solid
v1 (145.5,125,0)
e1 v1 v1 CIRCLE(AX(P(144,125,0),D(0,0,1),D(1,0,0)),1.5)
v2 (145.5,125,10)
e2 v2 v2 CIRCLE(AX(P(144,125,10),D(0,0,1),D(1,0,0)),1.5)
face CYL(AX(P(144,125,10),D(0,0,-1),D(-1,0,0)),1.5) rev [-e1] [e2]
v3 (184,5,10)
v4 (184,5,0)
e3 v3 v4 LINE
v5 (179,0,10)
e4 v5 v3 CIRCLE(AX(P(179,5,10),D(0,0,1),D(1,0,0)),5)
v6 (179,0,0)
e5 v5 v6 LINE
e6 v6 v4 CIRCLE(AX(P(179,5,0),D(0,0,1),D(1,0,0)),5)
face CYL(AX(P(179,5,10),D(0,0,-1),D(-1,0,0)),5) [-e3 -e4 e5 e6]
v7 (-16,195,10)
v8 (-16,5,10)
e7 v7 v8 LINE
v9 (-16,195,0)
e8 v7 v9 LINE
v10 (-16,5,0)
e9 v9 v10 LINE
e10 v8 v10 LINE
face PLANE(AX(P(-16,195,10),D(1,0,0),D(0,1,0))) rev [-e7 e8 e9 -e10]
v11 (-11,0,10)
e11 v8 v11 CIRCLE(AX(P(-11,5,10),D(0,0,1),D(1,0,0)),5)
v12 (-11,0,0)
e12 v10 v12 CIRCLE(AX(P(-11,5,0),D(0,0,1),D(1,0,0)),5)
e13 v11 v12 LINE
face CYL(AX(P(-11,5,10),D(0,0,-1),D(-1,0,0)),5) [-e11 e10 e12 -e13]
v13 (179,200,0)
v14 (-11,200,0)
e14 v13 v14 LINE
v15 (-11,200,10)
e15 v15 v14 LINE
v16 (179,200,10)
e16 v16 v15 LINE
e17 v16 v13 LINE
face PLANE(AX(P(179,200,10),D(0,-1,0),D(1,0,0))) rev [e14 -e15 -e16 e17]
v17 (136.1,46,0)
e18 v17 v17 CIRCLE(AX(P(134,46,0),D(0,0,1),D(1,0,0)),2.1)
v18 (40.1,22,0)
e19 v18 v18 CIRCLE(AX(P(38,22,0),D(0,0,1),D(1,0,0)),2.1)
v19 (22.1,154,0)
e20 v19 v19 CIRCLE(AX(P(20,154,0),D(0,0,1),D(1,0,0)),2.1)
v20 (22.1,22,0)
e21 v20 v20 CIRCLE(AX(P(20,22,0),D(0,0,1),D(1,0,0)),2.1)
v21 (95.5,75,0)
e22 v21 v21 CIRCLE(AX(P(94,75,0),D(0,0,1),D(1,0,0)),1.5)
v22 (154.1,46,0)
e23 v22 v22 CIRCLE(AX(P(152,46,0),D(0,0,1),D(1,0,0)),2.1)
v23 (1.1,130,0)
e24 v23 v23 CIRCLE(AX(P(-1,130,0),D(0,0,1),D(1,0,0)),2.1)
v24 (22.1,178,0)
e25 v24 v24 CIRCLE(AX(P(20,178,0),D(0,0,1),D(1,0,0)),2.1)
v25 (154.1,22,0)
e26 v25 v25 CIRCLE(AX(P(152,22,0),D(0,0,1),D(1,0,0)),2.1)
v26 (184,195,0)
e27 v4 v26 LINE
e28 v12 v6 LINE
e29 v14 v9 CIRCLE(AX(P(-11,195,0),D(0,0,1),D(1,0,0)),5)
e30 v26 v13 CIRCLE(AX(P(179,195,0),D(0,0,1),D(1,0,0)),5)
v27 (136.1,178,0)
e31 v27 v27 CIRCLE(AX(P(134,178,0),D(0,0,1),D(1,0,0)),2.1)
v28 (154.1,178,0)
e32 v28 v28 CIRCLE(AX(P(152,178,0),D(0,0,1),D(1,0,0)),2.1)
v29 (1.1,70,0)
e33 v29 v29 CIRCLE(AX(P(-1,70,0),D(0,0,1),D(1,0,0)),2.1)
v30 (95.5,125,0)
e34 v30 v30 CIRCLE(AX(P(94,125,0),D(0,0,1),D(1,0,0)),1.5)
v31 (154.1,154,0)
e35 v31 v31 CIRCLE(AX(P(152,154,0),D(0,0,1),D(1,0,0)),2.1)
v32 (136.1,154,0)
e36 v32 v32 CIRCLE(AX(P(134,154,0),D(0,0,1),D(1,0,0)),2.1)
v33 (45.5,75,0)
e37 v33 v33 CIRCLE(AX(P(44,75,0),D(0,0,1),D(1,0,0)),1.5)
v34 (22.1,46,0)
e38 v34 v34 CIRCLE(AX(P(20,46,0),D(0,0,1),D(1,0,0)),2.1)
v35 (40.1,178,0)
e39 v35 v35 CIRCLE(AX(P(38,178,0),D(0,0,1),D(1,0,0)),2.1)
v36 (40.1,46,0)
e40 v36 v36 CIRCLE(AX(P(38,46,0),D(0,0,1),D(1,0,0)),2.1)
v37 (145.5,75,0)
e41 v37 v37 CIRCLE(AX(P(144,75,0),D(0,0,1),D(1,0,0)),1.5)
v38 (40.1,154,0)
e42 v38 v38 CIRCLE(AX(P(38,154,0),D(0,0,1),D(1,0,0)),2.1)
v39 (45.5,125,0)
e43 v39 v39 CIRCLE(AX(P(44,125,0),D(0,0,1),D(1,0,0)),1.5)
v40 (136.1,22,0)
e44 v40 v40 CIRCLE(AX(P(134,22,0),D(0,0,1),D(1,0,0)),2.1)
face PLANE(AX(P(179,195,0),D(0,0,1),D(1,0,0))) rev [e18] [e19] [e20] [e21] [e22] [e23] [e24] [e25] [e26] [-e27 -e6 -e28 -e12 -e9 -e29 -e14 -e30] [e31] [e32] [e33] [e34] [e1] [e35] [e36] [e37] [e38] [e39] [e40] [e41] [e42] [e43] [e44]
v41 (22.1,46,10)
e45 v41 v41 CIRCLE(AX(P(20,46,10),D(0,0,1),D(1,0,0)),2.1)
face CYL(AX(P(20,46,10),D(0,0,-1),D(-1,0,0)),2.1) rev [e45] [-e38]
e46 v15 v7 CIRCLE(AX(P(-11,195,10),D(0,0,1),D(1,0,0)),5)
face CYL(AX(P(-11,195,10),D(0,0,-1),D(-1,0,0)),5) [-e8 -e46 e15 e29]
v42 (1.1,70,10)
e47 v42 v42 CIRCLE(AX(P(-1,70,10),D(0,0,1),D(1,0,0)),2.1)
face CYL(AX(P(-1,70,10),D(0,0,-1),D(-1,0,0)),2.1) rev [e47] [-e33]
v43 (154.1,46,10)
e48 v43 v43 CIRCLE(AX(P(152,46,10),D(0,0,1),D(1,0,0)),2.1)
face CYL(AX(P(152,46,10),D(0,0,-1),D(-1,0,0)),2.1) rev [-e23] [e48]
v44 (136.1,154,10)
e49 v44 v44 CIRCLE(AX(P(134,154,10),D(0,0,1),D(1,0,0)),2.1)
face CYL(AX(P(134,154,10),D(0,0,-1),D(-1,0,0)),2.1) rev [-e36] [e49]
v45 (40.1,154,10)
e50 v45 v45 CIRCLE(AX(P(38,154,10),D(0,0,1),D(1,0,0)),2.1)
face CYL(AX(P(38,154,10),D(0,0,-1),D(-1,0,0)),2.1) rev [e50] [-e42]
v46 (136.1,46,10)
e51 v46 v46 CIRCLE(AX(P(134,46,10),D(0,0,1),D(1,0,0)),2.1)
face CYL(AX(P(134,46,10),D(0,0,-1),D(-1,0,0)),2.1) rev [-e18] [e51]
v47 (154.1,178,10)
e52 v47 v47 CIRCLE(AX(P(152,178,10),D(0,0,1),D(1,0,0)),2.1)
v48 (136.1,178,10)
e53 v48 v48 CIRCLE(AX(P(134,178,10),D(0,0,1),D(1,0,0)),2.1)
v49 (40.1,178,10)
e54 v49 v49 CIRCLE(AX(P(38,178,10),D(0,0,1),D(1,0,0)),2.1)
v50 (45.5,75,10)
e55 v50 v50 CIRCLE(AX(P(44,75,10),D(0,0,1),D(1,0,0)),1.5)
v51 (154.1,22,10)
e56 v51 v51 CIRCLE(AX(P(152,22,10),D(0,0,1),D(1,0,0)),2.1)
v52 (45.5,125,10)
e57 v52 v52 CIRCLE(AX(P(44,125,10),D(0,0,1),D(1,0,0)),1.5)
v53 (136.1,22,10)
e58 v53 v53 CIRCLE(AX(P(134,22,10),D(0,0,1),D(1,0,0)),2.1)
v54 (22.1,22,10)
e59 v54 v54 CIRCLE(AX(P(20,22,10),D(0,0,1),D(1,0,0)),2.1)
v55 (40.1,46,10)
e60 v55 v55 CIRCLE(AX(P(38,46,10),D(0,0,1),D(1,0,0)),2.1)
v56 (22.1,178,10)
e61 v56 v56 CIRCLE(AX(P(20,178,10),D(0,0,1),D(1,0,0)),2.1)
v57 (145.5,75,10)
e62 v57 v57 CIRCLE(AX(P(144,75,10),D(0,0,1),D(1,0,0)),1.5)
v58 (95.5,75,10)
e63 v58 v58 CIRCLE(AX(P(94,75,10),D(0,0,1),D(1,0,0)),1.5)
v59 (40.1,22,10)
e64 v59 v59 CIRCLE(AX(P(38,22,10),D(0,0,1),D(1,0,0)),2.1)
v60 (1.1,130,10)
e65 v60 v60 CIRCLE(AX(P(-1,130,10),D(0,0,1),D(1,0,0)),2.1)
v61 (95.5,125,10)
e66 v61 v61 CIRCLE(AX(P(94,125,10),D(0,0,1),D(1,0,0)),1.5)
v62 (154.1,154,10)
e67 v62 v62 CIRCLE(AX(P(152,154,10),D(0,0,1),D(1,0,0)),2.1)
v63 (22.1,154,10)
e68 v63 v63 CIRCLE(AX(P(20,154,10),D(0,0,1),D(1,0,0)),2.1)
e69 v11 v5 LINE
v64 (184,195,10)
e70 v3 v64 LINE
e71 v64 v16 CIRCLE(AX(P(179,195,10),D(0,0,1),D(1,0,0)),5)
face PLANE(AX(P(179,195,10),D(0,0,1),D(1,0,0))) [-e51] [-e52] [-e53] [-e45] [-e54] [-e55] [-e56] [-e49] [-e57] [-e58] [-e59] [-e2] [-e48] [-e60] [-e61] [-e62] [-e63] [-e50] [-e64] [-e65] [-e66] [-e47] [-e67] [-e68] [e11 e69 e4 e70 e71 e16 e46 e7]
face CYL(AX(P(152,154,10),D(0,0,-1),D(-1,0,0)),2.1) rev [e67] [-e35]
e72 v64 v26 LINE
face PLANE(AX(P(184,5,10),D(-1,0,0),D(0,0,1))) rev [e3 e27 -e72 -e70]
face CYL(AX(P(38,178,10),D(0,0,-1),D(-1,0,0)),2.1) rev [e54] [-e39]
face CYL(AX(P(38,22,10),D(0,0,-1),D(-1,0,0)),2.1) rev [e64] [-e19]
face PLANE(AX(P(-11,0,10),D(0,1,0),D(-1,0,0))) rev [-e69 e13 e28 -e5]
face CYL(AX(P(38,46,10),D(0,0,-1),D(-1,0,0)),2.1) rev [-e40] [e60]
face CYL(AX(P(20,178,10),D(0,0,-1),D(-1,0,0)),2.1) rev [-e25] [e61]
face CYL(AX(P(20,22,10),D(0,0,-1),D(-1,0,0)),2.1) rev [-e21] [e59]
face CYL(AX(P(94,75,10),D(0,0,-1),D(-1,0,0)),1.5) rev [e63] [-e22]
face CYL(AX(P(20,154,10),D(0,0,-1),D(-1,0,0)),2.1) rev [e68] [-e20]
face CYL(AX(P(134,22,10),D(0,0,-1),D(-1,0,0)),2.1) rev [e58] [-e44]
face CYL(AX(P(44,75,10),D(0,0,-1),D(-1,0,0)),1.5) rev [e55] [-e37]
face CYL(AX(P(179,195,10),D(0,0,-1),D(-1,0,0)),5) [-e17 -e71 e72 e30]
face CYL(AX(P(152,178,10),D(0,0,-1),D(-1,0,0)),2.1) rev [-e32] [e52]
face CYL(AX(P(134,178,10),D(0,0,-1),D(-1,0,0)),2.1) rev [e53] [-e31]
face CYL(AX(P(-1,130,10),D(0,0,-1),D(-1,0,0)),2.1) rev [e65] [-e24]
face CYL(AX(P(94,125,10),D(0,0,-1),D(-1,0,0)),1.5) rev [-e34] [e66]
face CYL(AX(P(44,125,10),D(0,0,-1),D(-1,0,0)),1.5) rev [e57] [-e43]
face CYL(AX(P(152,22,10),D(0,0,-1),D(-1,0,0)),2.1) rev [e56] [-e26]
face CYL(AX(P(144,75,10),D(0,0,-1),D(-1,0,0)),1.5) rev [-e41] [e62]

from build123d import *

# Parameters (mm, degrees)
SKETCH2_R           = 2.1
SKETCH2_R_2         = 1.5
BOSS_EXTRUDE1_DEPTH = 10


with BuildPart() as part:
    # Sketch2 → Boss-Extrude1 (new body)
    with BuildSketch(Plane.XY):
        with BuildLine():
            Line((-11, 0), (179, 0))
            ThreePointArc((179, 0), (182.535533906, 1.464466094), (184, 5))
            Line((184, 5), (184, 195))
            ThreePointArc((184, 195), (182.535533906, 198.535533906), (179, 200))
            Line((179, 200), (-11, 200))
            ThreePointArc((-11, 200), (-14.535533906, 198.535533906), (-16, 195))
            Line((-16, 195), (-16, 5))
            ThreePointArc((-16, 5), (-14.535533906, 1.464466094), (-11, 0))
        make_face()
        with Locations((-1, 70)):
            Circle(SKETCH2_R, mode=Mode.SUBTRACT)
        with Locations((152, 178)):
            Circle(SKETCH2_R, mode=Mode.SUBTRACT)
        with Locations((152, 154)):
            Circle(SKETCH2_R, mode=Mode.SUBTRACT)
        with Locations((152, 22)):
            Circle(SKETCH2_R, mode=Mode.SUBTRACT)
        with Locations((152, 46)):
            Circle(SKETCH2_R, mode=Mode.SUBTRACT)
        with Locations((20, 178)):
            Circle(SKETCH2_R, mode=Mode.SUBTRACT)
        with Locations((38, 154)):
            Circle(SKETCH2_R, mode=Mode.SUBTRACT)
        with Locations((20, 22)):
            Circle(SKETCH2_R, mode=Mode.SUBTRACT)
        with Locations((38, 46)):
            Circle(SKETCH2_R, mode=Mode.SUBTRACT)
        with Locations((20, 46)):
            Circle(SKETCH2_R, mode=Mode.SUBTRACT)
        with Locations((38, 22)):
            Circle(SKETCH2_R, mode=Mode.SUBTRACT)
        with Locations((38, 178)):
            Circle(SKETCH2_R, mode=Mode.SUBTRACT)
        with Locations((20, 154)):
            Circle(SKETCH2_R, mode=Mode.SUBTRACT)
        with Locations((134, 46)):
            Circle(SKETCH2_R, mode=Mode.SUBTRACT)
        with Locations((134, 22)):
            Circle(SKETCH2_R, mode=Mode.SUBTRACT)
        with Locations((134, 154)):
            Circle(SKETCH2_R, mode=Mode.SUBTRACT)
        with Locations((134, 178)):
            Circle(SKETCH2_R, mode=Mode.SUBTRACT)
        with Locations((-1, 130)):
            Circle(SKETCH2_R, mode=Mode.SUBTRACT)
        with Locations((144, 125)):
            Circle(SKETCH2_R_2, mode=Mode.SUBTRACT)
        with Locations((144, 75)):
            Circle(SKETCH2_R_2, mode=Mode.SUBTRACT)
        with Locations((94, 125)):
            Circle(SKETCH2_R_2, mode=Mode.SUBTRACT)
        with Locations((94, 75)):
            Circle(SKETCH2_R_2, mode=Mode.SUBTRACT)
        with Locations((44, 125)):
            Circle(SKETCH2_R_2, mode=Mode.SUBTRACT)
        with Locations((44, 75)):
            Circle(SKETCH2_R_2, mode=Mode.SUBTRACT)
    extrude(amount=BOSS_EXTRUDE1_DEPTH)


solid = part.part
